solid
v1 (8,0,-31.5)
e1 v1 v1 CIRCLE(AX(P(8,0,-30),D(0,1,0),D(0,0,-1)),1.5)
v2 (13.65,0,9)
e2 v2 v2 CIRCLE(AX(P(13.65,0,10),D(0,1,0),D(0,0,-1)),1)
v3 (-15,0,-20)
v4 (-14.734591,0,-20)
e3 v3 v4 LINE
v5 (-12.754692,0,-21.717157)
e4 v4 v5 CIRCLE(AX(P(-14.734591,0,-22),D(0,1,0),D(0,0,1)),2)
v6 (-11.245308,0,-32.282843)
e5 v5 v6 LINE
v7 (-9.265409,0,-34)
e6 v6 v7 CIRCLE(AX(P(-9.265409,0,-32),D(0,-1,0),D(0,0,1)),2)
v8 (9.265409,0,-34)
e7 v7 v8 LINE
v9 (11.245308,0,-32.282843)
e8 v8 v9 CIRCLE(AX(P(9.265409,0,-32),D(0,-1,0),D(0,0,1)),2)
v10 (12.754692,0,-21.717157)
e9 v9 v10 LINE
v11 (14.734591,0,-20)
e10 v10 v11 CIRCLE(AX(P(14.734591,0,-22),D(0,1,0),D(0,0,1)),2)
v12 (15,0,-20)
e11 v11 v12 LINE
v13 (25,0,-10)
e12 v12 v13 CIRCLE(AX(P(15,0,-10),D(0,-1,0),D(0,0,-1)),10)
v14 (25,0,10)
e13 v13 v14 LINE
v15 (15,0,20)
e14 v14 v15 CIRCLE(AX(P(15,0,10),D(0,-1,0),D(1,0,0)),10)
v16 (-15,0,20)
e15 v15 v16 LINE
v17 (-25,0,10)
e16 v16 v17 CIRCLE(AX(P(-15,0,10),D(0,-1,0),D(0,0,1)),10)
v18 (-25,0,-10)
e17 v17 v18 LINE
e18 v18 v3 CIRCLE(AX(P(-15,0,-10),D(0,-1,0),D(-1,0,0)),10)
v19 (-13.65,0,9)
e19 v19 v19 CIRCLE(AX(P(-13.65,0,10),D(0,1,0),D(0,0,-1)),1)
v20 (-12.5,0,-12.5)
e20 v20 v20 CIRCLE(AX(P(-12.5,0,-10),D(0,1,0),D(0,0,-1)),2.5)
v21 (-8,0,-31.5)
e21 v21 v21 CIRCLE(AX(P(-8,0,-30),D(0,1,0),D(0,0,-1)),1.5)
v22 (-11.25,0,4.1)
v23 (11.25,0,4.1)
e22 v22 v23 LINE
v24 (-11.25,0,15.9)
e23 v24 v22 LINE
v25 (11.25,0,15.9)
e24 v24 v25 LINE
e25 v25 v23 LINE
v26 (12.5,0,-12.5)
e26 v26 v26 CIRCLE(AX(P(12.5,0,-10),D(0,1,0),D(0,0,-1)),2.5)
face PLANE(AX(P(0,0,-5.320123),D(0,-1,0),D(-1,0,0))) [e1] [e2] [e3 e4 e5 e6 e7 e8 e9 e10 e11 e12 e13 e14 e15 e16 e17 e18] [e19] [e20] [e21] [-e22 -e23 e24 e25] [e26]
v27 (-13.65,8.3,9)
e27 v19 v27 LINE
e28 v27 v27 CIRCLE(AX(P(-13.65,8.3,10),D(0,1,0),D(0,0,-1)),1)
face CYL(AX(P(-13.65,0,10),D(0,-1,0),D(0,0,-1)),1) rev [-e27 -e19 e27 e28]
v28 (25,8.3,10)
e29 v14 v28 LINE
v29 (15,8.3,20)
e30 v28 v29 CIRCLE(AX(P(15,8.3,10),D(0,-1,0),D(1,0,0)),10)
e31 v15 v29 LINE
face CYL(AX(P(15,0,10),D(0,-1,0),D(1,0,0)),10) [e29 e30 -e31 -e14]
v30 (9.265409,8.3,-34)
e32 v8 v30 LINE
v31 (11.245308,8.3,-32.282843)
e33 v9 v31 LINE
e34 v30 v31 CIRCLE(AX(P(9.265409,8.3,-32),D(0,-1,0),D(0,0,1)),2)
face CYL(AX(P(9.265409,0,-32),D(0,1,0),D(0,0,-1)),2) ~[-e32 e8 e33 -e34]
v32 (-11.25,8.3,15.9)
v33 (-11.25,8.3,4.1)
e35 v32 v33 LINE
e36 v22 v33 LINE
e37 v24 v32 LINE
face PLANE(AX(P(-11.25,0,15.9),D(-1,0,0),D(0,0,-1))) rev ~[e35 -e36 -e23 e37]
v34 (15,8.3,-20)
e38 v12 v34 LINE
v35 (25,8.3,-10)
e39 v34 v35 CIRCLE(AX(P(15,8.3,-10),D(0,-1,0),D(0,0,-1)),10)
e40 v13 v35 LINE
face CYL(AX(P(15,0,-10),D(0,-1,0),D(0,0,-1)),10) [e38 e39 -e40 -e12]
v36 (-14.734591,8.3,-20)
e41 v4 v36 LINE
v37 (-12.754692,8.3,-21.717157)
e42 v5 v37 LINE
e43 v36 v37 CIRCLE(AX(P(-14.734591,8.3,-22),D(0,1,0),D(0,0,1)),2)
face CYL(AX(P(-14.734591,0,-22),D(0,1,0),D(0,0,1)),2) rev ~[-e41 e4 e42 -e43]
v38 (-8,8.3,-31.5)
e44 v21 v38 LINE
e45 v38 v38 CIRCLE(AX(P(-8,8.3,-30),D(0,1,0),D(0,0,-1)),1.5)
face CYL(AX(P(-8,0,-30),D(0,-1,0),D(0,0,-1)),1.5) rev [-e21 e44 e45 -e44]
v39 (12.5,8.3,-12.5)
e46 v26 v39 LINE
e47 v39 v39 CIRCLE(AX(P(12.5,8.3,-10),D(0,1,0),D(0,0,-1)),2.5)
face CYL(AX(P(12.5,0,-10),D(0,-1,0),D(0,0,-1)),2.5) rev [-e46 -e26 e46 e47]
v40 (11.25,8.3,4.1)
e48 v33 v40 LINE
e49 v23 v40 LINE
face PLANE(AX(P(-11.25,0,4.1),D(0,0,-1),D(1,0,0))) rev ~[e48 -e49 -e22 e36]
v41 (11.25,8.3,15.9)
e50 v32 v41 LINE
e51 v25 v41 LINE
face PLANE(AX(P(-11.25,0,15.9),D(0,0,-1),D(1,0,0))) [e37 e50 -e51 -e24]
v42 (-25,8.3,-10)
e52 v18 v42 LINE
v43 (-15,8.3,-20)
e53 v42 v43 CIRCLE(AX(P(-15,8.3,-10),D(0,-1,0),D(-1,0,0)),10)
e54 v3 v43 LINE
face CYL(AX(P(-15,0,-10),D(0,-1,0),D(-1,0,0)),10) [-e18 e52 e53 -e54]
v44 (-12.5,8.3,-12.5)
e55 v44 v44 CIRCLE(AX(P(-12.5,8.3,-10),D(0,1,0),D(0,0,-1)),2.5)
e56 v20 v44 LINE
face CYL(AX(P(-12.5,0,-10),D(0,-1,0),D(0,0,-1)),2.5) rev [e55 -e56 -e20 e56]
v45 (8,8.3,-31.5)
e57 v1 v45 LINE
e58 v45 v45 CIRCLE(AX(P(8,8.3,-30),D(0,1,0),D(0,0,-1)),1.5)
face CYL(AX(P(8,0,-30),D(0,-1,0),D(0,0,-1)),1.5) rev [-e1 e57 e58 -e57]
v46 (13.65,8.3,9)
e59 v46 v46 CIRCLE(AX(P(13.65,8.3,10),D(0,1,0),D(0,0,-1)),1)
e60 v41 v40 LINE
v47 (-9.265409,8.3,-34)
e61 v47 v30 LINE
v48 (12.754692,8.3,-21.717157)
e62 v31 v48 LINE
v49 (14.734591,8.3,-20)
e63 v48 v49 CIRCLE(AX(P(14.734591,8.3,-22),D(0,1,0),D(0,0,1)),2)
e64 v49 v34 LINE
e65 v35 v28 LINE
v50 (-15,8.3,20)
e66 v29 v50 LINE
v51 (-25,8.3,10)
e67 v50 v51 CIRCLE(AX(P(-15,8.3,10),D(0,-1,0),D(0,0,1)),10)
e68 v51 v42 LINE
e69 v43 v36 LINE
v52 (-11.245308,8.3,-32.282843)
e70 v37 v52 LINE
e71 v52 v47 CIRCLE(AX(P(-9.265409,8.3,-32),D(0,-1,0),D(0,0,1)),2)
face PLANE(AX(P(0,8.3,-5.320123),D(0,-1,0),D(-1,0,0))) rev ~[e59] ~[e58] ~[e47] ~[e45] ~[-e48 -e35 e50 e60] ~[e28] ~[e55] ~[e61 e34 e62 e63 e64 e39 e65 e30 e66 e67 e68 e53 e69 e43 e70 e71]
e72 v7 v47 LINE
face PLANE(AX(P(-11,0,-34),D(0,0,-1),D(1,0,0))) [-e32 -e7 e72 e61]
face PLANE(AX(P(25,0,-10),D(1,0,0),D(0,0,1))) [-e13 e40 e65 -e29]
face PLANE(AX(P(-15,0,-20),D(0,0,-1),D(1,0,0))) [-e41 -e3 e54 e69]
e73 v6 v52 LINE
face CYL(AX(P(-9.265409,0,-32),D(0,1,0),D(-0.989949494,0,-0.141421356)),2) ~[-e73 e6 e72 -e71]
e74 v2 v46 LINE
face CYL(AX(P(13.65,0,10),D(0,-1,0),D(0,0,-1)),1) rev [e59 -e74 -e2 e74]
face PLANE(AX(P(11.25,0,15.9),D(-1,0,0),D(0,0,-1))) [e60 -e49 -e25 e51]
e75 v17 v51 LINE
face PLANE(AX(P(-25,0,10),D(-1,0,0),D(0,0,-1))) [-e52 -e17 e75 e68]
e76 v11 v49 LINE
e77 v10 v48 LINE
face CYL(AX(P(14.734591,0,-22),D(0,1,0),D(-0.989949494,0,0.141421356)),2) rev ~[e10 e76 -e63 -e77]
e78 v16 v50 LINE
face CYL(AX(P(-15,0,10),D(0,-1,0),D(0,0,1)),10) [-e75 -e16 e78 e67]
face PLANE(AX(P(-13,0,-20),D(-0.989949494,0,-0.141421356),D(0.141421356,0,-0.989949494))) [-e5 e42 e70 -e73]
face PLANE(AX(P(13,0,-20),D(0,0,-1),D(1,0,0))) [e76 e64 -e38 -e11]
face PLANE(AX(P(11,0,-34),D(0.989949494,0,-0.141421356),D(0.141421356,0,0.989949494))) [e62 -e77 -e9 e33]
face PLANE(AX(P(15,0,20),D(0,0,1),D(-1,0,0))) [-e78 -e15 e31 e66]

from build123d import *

# Parameters (mm, degrees)
SKETCH1_R           = 2.5
SKETCH1_R_2         = 1
SKETCH1_R_3         = 1.5
SKETCH1_W           = 22.5
SKETCH1_H           = 11.8
BOSS_EXTRUDE1_DEPTH = 8.3
FILLET1_R           = 2


with BuildPart() as part:
    # Sketch1 → Boss-Extrude1 (new body)
    with BuildSketch(Plane(origin=(0, 0, 0), x_dir=(1, 0, 0), z_dir=(0, 1, 0))):
        with BuildLine():
            Line((-15, 20), (-13, 20))
            Line((-13, 20), (-11, 34))
            Line((-11, 34), (11, 34))
            Line((11, 34), (13, 20))
            Line((13, 20), (15, 20))
            ThreePointArc((15, 20), (22.071067812, 17.071067812), (25, 10))
            Line((25, 10), (25, -10))
            ThreePointArc((25, -10), (22.071067812, -17.071067812), (15, -20))
            Line((15, -20), (-15, -20))
            ThreePointArc((-15, -20), (-22.071067812, -17.071067812), (-25, -10))
            Line((-25, -10), (-25, 10))
            ThreePointArc((-25, 10), (-22.071067812, 17.071067812), (-15, 20))
        make_face()
        with Locations(Location((-12.5, 10, 0), (0, 0, 90))):
            Circle(SKETCH1_R, mode=Mode.SUBTRACT)
        with Locations(Location((12.5, 10, 0), (0, 0, 90))):
            Circle(SKETCH1_R, mode=Mode.SUBTRACT)
        with Locations(Location((13.65, -10, 0), (0, 0, 90))):
            Circle(SKETCH1_R_2, mode=Mode.SUBTRACT)
        with Locations(Location((-13.65, -10, 0), (0, 0, 90))):
            Circle(SKETCH1_R_2, mode=Mode.SUBTRACT)
        with Locations(Location((8, 30, 0), (0, 0, 90))):
            Circle(SKETCH1_R_3, mode=Mode.SUBTRACT)
        with Locations(Location((-8, 30, 0), (0, 0, 90))):
            Circle(SKETCH1_R_3, mode=Mode.SUBTRACT)
        with Locations((0, -10)):
            Rectangle(SKETCH1_W, SKETCH1_H, mode=Mode.SUBTRACT)
    extrude(amount=BOSS_EXTRUDE1_DEPTH)

    # Fillet1
    fillet1_edges = [part.edges().sort_by_distance(p)[0] for p in [
        (-13, 4.15, -20),
        (-11, 4.15, -34),
        (11, 4.15, -34),
        (13, 4.15, -20),
    ]]
    fillet(fillet1_edges, radius=FILLET1_R)


solid = part.part
